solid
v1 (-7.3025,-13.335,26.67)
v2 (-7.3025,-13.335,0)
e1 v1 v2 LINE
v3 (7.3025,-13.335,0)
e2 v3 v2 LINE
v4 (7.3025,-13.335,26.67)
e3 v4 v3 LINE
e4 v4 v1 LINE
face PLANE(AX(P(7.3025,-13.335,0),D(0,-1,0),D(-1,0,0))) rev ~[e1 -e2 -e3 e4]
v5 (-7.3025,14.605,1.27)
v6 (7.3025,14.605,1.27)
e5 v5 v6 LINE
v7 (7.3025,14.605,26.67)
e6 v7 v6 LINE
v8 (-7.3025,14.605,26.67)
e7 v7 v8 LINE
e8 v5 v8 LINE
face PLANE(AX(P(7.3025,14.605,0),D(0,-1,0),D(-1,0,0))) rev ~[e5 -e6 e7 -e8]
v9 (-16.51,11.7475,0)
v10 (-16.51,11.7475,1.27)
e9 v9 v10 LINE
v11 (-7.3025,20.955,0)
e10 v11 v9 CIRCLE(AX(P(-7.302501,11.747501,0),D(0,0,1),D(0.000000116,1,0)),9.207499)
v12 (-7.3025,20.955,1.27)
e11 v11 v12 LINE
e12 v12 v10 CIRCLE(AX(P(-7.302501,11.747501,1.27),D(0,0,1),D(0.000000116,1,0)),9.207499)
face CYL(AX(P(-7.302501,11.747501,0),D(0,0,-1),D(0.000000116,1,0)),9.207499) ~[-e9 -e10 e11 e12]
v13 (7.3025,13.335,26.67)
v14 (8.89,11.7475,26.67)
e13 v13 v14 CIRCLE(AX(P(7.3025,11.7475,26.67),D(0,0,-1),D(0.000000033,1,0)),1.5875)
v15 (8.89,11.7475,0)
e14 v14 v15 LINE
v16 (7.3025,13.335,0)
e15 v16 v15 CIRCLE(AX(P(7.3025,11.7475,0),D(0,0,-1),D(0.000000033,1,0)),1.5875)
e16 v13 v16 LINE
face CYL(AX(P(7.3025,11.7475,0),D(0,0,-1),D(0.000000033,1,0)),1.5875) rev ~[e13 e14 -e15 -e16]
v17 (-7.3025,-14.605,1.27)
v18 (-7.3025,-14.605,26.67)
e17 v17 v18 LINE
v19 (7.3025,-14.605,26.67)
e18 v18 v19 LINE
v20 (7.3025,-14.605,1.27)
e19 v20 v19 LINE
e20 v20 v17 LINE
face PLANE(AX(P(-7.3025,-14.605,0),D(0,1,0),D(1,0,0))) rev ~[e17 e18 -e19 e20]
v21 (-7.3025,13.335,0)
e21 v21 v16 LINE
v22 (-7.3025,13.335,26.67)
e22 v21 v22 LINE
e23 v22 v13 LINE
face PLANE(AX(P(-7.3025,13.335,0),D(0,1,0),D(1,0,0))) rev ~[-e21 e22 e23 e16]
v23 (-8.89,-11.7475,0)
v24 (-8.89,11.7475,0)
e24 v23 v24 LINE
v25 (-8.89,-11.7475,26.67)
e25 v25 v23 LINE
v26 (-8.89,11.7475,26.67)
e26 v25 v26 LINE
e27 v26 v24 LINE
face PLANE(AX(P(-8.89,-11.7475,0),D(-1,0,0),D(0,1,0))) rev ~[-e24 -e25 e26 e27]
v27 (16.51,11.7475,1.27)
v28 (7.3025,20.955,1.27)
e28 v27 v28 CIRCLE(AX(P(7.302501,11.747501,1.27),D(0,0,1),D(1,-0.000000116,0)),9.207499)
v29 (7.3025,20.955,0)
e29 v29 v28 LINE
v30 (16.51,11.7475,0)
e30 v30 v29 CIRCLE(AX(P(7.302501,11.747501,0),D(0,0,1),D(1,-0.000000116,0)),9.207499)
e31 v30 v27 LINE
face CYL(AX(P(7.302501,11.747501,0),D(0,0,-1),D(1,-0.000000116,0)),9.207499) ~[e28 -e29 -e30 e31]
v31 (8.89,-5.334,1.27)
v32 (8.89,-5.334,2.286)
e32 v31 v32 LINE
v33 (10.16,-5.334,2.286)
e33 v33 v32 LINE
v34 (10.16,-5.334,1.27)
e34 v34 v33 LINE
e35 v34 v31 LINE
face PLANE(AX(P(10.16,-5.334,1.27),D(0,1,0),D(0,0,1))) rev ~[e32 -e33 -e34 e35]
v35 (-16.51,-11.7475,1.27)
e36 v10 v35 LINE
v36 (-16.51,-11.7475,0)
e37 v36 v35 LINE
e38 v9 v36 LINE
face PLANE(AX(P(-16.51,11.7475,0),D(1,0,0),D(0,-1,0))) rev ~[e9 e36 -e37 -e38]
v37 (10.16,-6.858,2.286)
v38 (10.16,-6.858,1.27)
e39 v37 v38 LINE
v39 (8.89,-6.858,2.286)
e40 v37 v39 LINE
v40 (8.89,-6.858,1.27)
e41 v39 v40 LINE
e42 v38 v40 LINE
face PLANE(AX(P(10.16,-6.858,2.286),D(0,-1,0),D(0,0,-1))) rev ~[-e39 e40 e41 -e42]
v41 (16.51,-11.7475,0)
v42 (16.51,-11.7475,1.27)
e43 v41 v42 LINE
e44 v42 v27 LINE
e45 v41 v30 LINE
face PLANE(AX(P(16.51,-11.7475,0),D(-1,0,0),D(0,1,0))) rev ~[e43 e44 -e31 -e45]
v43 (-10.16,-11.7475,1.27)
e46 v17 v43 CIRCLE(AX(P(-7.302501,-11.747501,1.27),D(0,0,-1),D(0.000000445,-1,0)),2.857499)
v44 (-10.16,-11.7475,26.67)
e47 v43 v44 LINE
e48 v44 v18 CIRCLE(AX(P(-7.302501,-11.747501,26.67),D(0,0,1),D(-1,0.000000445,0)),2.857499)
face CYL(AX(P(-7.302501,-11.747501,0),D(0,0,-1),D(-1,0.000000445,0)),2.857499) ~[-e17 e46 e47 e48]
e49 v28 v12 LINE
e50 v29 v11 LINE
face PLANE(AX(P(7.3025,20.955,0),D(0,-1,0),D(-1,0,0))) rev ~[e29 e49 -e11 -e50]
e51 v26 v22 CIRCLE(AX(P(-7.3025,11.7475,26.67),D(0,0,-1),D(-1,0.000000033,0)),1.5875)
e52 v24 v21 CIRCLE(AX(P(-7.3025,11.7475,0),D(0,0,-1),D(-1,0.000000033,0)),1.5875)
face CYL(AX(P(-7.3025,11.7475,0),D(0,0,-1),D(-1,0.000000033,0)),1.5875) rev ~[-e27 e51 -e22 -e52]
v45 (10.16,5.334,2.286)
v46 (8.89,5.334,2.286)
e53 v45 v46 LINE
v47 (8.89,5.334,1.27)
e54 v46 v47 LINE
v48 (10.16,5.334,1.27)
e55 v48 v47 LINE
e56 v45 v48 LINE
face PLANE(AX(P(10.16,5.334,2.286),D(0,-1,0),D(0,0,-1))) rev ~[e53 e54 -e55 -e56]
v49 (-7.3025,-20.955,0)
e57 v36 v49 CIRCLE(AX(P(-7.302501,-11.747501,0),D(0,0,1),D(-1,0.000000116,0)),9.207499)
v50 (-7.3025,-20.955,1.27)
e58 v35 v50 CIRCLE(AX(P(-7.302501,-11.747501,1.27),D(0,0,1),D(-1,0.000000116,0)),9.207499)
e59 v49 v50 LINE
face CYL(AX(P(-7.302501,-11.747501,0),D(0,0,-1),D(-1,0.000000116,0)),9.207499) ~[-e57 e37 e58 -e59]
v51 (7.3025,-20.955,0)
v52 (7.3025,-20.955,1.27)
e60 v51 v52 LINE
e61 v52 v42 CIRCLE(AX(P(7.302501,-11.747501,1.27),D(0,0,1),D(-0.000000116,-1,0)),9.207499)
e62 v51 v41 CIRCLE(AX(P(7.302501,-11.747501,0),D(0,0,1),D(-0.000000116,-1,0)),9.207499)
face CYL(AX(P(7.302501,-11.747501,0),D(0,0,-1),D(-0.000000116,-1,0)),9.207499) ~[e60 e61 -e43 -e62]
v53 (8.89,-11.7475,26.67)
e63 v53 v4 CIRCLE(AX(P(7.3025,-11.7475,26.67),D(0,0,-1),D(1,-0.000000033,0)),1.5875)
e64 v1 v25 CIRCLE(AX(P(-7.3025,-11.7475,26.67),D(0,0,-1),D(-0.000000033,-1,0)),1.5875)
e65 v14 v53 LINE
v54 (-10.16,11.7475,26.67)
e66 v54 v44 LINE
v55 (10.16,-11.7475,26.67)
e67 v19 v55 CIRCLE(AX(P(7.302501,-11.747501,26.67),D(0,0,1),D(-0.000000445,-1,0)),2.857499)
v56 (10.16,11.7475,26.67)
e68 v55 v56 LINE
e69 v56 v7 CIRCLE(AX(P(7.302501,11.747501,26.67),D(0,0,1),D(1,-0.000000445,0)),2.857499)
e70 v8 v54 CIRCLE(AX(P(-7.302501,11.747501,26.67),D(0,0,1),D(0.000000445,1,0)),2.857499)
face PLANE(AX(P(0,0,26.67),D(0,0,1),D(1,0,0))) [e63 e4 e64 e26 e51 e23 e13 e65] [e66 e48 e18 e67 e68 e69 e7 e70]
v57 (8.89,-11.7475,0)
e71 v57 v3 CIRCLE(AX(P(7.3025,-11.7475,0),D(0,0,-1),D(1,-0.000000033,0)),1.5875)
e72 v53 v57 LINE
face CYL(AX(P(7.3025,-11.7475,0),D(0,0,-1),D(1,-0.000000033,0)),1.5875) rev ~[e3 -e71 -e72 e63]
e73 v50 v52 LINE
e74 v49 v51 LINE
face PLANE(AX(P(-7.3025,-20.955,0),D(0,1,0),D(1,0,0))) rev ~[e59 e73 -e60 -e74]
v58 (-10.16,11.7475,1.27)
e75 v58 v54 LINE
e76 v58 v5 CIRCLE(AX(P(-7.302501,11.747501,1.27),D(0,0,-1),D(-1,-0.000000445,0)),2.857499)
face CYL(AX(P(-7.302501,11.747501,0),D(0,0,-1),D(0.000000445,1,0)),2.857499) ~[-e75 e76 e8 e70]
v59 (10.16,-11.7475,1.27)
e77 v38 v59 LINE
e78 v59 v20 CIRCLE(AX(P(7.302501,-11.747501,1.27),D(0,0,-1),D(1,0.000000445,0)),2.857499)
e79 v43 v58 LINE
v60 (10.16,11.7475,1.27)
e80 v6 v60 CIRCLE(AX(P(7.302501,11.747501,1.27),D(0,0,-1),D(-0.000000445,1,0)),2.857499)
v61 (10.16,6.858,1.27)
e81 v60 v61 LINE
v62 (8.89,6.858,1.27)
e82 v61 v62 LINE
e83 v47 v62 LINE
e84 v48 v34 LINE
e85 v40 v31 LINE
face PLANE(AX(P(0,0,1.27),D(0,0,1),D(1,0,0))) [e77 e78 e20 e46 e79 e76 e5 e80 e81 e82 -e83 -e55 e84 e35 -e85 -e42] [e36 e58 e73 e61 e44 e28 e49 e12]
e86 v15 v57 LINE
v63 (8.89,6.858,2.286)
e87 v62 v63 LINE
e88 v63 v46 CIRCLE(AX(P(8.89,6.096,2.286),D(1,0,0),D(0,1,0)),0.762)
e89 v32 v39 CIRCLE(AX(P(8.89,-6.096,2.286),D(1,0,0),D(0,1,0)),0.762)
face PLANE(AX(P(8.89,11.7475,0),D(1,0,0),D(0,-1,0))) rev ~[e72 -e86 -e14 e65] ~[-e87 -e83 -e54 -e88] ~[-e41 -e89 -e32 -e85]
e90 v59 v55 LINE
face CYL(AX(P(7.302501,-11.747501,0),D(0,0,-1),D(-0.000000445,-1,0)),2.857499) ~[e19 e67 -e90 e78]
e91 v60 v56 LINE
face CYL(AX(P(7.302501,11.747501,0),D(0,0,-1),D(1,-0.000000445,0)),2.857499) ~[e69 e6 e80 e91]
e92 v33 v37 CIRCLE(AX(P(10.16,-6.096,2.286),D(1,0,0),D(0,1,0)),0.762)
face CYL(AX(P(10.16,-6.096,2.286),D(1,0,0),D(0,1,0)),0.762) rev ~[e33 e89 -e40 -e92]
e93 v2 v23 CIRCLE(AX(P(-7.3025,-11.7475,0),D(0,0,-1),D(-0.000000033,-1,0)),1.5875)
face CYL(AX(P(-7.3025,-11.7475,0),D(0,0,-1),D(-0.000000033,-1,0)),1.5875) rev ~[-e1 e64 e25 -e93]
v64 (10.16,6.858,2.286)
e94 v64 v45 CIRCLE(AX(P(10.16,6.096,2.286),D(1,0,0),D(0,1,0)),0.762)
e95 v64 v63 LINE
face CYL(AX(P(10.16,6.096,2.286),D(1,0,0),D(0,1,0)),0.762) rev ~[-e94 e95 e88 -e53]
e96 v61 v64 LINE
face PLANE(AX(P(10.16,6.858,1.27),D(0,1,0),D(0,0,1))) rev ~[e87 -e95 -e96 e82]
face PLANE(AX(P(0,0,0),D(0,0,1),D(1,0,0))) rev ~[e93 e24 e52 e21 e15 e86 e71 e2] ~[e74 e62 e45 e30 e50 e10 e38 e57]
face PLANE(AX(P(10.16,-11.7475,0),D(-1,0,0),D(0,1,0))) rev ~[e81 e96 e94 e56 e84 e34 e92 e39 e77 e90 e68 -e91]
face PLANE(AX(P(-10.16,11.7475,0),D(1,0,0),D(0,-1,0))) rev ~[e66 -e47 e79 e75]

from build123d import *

# Parameters (mm, degrees)
F1_DEPTH = 25.4
F2_DEPTH = 1.27
F4_DEPTH = 1.27


with BuildPart() as f1:
    # F0 (on Top) → F1 (new body)
    with BuildSketch(Plane.XY):
        with BuildLine():
            Line((10.16, -11.7475), (10.16, 11.7475))
            ThreePointArc((10.16, 11.7475), (9.323058, 13.768058), (7.3025, 14.605))
            Line((7.3025, 14.605), (-7.3025, 14.605))
            ThreePointArc((-7.3025, 14.605), (-9.323058, 13.768058), (-10.16, 11.7475))
            Line((-10.16, 11.7475), (-10.16, -11.7475))
            ThreePointArc((-10.16, -11.7475), (-9.323058, -13.768058), (-7.3025, -14.605))
            Line((-7.3025, -14.605), (7.3025, -14.605))
            ThreePointArc((7.3025, -14.605), (9.323058, -13.768058), (10.16, -11.7475))
        make_face()
        with BuildLine():
            Line((-7.3025, 13.335), (7.3025, 13.335))
            ThreePointArc((7.3025, 13.335), (8.425032, 12.870032), (8.89, 11.7475))
            Line((8.89, 11.7475), (8.89, -11.7475))
            ThreePointArc((8.89, -11.7475), (8.425032, -12.870032), (7.3025, -13.335))
            Line((7.3025, -13.335), (-7.3025, -13.335))
            ThreePointArc((-7.3025, -13.335), (-8.425032, -12.870032), (-8.89, -11.7475))
            Line((-8.89, -11.7475), (-8.89, 11.7475))
            ThreePointArc((-8.89, 11.7475), (-8.425032, 12.870032), (-7.3025, 13.335))
        make_face(mode=Mode.SUBTRACT)
    extrude(amount=F1_DEPTH)

    # F0 (on Top) + F1_face (on face) → F2 (join)
    with BuildSketch(Plane.XY):
        with BuildLine():
            Line((7.3025, 20.955), (-7.3025, 20.955))
            ThreePointArc((-7.3025, 20.955), (-13.813186, 18.258186), (-16.51, 11.7475))
            Line((-16.51, 11.7475), (-16.51, -11.7475))
            ThreePointArc((-16.51, -11.7475), (-13.813186, -18.258186), (-7.3025, -20.955))
            Line((-7.3025, -20.955), (7.3025, -20.955))
            ThreePointArc((7.3025, -20.955), (13.813186, -18.258186), (16.51, -11.7475))
            Line((16.51, -11.7475), (16.51, 11.7475))
            ThreePointArc((16.51, 11.7475), (13.813186, 18.258186), (7.3025, 20.955))
        make_face()
        with BuildLine():
            ThreePointArc((7.3025, 14.605), (9.323058, 13.768058), (10.16, 11.7475))
            Line((10.16, 11.7475), (10.16, -11.7475))
            ThreePointArc((10.16, -11.7475), (9.323058, -13.768058), (7.3025, -14.605))
            Line((7.3025, -14.605), (-7.3025, -14.605))
            ThreePointArc((-7.3025, -14.605), (-9.323058, -13.768058), (-10.16, -11.7475))
            Line((-10.16, -11.7475), (-10.16, 11.7475))
            ThreePointArc((-10.16, 11.7475), (-9.323058, 13.768058), (-7.3025, 14.605))
            Line((-7.3025, 14.605), (7.3025, 14.605))
        make_face(mode=Mode.SUBTRACT)
    with BuildSketch(Plane.XY.offset(25.4)):
        with BuildLine():
            Line((10.16, -11.7475), (10.16, 11.7475))
            ThreePointArc((10.16, 11.7475), (9.323058, 13.768058), (7.3025, 14.605))
            Line((7.3025, 14.605), (-7.3025, 14.605))
            ThreePointArc((-7.3025, 14.605), (-9.323058, 13.768058), (-10.16, 11.7475))
            Line((-10.16, 11.7475), (-10.16, -11.7475))
            ThreePointArc((-10.16, -11.7475), (-9.323058, -13.768058), (-7.3025, -14.605))
            Line((-7.3025, -14.605), (7.3025, -14.605))
            ThreePointArc((7.3025, -14.605), (9.323058, -13.768058), (10.16, -11.7475))
        make_face()
        with BuildLine():
            Line((-8.89, -11.7475), (-8.89, 11.7475))
            ThreePointArc((-8.89, 11.7475), (-8.425032, 12.870032), (-7.3025, 13.335))
            Line((-7.3025, 13.335), (7.3025, 13.335))
            ThreePointArc((7.3025, 13.335), (8.425032, 12.870032), (8.89, 11.7475))
            Line((8.89, 11.7475), (8.89, -11.7475))
            ThreePointArc((8.89, -11.7475), (8.425032, -12.870032), (7.3025, -13.335))
            Line((7.3025, -13.335), (-7.3025, -13.335))
            ThreePointArc((-7.3025, -13.335), (-8.425032, -12.870032), (-8.89, -11.7475))
        make_face(mode=Mode.SUBTRACT)
    extrude(amount=F2_DEPTH)

    # F3 (on face) → F4 (cut, through all)
    with BuildSketch(Plane.YZ.offset(10.16)):
        with BuildLine():
            Line((-6.858, 2.286), (-6.858, 1.27))
            Line((-6.858, 1.27), (-5.334, 1.27))
            Line((-5.334, 1.27), (-5.334, 2.286))
            ThreePointArc((-5.334, 2.286), (-6.096, 3.048), (-6.858, 2.286))
        make_face()
        with BuildLine():
            ThreePointArc((6.858, 2.286), (6.096, 3.048), (5.334, 2.286))
            Line((5.334, 2.286), (5.334, 1.27))
            Line((5.334, 1.27), (6.858, 1.27))
            Line((6.858, 1.27), (6.858, 2.286))
        make_face()
    extrude(amount=-F4_DEPTH, mode=Mode.SUBTRACT)


solid = f1.part
